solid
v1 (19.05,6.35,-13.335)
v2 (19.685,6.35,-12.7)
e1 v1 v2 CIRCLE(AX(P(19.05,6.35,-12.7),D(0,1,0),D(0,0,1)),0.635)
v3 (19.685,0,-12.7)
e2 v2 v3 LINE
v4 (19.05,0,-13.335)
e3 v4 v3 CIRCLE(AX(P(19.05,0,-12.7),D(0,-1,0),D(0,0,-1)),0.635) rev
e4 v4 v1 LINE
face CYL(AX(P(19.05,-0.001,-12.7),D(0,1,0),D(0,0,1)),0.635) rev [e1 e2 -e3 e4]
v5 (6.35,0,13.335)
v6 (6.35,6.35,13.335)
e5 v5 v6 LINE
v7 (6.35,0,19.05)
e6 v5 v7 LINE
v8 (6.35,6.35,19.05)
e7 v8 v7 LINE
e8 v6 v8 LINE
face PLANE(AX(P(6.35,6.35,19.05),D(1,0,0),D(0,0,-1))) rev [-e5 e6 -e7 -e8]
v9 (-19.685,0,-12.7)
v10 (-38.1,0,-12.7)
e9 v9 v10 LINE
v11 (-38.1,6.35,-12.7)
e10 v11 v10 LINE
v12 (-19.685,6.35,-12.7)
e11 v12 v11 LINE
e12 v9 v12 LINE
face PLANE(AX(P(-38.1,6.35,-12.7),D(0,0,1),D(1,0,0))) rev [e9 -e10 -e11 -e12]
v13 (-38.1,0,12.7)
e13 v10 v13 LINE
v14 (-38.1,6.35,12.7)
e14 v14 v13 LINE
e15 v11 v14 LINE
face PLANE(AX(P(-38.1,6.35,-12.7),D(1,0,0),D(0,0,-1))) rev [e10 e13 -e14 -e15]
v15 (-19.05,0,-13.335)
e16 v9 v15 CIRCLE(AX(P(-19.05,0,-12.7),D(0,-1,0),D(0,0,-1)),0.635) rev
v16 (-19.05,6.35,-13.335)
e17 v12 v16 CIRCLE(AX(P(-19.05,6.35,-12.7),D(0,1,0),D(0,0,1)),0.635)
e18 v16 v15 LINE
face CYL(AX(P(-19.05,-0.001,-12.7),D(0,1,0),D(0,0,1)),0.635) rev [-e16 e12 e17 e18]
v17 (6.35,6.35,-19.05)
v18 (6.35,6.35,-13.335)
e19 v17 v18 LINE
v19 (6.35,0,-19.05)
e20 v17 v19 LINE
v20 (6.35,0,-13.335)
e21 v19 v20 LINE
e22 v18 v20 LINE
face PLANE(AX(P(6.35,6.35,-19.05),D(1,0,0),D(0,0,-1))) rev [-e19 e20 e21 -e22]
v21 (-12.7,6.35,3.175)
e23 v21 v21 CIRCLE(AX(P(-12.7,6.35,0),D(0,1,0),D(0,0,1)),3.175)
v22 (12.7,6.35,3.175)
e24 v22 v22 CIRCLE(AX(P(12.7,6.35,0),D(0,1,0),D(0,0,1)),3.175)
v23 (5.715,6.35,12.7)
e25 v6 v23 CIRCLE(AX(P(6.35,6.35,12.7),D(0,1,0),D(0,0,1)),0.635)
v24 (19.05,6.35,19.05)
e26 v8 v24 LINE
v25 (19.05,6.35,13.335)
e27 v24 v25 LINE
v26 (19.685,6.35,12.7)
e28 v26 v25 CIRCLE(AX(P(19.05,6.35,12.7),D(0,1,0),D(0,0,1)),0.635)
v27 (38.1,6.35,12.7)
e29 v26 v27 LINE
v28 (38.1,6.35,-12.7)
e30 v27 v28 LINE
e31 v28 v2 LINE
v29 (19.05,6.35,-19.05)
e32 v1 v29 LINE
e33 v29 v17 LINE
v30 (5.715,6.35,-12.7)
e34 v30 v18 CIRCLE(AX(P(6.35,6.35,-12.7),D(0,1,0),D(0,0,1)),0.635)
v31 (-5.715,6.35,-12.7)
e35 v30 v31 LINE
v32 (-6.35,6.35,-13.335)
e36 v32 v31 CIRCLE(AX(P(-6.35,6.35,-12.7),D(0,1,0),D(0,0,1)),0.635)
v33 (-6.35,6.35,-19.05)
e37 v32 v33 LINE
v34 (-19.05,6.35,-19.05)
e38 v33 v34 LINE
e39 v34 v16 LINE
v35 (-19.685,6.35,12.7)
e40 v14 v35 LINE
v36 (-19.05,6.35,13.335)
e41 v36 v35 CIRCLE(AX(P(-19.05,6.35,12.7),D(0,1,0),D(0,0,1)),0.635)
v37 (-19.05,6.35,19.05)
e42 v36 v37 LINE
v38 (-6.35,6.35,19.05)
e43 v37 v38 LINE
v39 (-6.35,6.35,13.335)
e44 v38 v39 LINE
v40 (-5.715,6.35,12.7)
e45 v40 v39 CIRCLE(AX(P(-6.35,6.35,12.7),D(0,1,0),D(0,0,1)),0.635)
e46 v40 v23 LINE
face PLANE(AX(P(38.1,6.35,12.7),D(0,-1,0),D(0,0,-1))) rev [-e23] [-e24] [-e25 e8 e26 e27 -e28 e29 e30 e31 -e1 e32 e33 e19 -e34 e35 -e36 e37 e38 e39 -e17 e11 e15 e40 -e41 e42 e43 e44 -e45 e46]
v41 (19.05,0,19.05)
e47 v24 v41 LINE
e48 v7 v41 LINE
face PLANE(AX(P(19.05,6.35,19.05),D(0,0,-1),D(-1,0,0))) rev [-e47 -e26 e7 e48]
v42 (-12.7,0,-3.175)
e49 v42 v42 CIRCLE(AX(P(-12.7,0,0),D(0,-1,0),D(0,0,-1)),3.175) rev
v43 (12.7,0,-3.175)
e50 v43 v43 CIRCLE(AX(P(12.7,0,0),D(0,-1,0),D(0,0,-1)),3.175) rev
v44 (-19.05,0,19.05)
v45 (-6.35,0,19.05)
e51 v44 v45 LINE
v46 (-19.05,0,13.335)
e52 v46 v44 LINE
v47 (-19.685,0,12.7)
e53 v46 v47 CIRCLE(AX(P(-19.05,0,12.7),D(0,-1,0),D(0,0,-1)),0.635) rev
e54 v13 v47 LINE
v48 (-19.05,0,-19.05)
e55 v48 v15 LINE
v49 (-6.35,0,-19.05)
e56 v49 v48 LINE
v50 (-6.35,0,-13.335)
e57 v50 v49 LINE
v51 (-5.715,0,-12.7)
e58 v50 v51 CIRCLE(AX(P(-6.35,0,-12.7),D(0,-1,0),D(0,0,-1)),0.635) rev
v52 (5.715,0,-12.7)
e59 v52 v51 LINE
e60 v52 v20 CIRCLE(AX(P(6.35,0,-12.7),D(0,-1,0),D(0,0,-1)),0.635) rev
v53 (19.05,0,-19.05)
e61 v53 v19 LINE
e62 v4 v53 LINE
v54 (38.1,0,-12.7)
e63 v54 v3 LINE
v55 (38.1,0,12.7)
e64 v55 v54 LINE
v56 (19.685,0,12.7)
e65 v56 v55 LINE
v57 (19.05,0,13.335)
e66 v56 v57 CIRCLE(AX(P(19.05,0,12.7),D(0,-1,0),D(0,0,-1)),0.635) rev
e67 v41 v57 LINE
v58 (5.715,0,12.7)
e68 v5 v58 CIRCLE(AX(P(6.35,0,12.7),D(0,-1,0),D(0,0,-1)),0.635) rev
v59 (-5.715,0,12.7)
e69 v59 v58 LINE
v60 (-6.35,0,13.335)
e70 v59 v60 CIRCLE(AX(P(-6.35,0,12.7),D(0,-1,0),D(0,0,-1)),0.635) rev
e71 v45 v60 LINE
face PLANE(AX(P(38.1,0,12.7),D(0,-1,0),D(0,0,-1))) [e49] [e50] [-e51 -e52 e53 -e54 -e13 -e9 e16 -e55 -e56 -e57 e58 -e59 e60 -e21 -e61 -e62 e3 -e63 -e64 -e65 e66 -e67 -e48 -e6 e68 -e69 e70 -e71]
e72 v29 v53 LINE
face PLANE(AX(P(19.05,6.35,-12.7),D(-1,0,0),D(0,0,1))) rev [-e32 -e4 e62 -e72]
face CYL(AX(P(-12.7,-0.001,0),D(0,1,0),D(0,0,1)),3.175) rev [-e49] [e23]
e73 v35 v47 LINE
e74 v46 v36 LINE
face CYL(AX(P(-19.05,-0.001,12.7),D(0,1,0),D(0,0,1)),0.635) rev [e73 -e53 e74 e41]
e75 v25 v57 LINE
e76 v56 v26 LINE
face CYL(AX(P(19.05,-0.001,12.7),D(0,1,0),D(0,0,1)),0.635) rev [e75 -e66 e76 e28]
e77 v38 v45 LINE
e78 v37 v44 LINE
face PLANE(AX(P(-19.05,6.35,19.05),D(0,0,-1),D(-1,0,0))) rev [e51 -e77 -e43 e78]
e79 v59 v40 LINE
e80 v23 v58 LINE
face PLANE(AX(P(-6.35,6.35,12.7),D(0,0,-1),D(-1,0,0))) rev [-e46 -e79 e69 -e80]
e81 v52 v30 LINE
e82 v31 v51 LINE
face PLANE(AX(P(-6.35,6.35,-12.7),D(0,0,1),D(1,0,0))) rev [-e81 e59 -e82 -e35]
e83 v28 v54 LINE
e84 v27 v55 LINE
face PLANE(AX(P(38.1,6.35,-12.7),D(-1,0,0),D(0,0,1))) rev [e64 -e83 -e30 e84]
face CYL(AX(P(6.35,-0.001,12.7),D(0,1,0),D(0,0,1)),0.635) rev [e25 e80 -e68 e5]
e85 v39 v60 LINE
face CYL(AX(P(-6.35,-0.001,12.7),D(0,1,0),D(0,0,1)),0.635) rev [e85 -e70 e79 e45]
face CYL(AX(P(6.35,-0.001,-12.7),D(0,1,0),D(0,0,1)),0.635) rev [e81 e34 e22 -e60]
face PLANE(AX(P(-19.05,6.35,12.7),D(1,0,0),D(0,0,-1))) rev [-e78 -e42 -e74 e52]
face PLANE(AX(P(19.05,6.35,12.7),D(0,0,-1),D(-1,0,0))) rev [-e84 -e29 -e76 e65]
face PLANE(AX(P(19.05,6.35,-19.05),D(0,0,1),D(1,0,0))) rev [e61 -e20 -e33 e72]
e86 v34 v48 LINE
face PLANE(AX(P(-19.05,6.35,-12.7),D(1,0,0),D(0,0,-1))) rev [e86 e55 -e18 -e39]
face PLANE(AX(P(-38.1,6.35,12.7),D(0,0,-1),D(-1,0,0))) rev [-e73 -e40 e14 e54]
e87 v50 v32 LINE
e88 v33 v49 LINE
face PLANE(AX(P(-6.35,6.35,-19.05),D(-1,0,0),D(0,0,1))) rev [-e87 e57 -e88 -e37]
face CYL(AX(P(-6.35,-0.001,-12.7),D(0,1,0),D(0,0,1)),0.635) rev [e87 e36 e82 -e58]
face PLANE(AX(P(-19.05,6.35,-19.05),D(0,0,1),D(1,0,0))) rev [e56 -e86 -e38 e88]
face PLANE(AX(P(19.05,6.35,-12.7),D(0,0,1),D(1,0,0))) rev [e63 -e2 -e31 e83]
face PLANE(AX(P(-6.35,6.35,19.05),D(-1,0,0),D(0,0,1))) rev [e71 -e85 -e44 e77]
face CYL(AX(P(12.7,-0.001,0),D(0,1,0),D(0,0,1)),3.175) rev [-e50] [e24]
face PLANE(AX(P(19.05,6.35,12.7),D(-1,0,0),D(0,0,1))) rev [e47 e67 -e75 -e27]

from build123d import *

# Parameters (mm, degrees)
BOSS_EXTRUDE1_DEPTH = 6.35
CUT_EXTRUDE1_REACH  = 45.068
SKETCH2_R           = 3.175
CUT_EXTRUDE2_START  = -6.35
SKETCH4_R           = 0.635
CUT_EXTRUDE2_DEPTH  = 6.35


with BuildPart() as part:
    # Sketch1 → Boss-Extrude1 (new body)
    with BuildSketch(Plane(origin=(0, 0, 0), x_dir=(1, 0, 0), z_dir=(0, 1, 0))):
        Polygon((-19.05, 12.7), (-19.05, 19.05), (-6.35, 19.05), (-6.35, 12.7), (6.35, 12.7), (6.35, 19.05), (19.05, 19.05), (19.05, 12.7), (38.1, 12.7), (38.1, -12.7), (19.05, -12.7), (19.05, -19.05), (6.35, -19.05), (6.35, -12.7), (-6.35, -12.7), (-6.35, -19.05), (-19.05, -19.05), (-19.05, -12.7), (-38.1, -12.7), (-38.1, 12.7), align=None)
    extrude(amount=BOSS_EXTRUDE1_DEPTH)

    # Sketch2 → Cut-Extrude1 (cut, up to next)
    with BuildSketch(Plane(origin=(0, 6.35, 0), x_dir=(1, 0, 0), z_dir=(0, 1, 0)), mode=Mode.PRIVATE) as cut_extrude1_sk1:
        with Locations(Location((-12.7, 0, 0), (0, 0, 270))):
            Circle(SKETCH2_R)
    cut_extrude1_tool1 = extrude(cut_extrude1_sk1.sketch, amount=-CUT_EXTRUDE1_REACH, mode=Mode.PRIVATE) & part.part
    # Sketch2 → Cut-Extrude1 (cut, up to next)
    with BuildSketch(Plane(origin=(0, 6.35, 0), x_dir=(1, 0, 0), z_dir=(0, 1, 0)), mode=Mode.PRIVATE) as cut_extrude1_sk2:
        with Locations(Location((12.7, 0, 0), (0, 0, 270))):
            Circle(SKETCH2_R)
    cut_extrude1_tool2 = extrude(cut_extrude1_sk2.sketch, amount=-CUT_EXTRUDE1_REACH, mode=Mode.PRIVATE) & part.part
    add(cut_extrude1_tool1.solids().sort_by_distance((-12.7, 6.35, 0))[0], mode=Mode.SUBTRACT)
    add(cut_extrude1_tool2.solids().sort_by_distance((12.7, 6.35, 0))[0], mode=Mode.SUBTRACT)

    # Sketch4 → Cut-Extrude2 (cut)
    with BuildSketch(Plane(origin=(0, 6.35, 0), x_dir=(1, 0, 0), z_dir=(0, 1, 0)).offset(CUT_EXTRUDE2_START)):
        with Locations((-19.05, 12.7)):
            Circle(SKETCH4_R)
    cut_extrude2 = extrude(amount=CUT_EXTRUDE2_DEPTH, mode=Mode.SUBTRACT)

    # Sketch-Pattern1: Cut-Extrude2 at 7 more places
    with Locations((12.7, 0, 0), (25.4, 0, 0), (38.1, 0, 0), (38.1, 0, 25.4), (25.4, 0, 25.4), (12.7, 0, 25.4), (0, 0, 25.4)):
        add(cut_extrude2, mode=Mode.SUBTRACT)


solid = part.part
